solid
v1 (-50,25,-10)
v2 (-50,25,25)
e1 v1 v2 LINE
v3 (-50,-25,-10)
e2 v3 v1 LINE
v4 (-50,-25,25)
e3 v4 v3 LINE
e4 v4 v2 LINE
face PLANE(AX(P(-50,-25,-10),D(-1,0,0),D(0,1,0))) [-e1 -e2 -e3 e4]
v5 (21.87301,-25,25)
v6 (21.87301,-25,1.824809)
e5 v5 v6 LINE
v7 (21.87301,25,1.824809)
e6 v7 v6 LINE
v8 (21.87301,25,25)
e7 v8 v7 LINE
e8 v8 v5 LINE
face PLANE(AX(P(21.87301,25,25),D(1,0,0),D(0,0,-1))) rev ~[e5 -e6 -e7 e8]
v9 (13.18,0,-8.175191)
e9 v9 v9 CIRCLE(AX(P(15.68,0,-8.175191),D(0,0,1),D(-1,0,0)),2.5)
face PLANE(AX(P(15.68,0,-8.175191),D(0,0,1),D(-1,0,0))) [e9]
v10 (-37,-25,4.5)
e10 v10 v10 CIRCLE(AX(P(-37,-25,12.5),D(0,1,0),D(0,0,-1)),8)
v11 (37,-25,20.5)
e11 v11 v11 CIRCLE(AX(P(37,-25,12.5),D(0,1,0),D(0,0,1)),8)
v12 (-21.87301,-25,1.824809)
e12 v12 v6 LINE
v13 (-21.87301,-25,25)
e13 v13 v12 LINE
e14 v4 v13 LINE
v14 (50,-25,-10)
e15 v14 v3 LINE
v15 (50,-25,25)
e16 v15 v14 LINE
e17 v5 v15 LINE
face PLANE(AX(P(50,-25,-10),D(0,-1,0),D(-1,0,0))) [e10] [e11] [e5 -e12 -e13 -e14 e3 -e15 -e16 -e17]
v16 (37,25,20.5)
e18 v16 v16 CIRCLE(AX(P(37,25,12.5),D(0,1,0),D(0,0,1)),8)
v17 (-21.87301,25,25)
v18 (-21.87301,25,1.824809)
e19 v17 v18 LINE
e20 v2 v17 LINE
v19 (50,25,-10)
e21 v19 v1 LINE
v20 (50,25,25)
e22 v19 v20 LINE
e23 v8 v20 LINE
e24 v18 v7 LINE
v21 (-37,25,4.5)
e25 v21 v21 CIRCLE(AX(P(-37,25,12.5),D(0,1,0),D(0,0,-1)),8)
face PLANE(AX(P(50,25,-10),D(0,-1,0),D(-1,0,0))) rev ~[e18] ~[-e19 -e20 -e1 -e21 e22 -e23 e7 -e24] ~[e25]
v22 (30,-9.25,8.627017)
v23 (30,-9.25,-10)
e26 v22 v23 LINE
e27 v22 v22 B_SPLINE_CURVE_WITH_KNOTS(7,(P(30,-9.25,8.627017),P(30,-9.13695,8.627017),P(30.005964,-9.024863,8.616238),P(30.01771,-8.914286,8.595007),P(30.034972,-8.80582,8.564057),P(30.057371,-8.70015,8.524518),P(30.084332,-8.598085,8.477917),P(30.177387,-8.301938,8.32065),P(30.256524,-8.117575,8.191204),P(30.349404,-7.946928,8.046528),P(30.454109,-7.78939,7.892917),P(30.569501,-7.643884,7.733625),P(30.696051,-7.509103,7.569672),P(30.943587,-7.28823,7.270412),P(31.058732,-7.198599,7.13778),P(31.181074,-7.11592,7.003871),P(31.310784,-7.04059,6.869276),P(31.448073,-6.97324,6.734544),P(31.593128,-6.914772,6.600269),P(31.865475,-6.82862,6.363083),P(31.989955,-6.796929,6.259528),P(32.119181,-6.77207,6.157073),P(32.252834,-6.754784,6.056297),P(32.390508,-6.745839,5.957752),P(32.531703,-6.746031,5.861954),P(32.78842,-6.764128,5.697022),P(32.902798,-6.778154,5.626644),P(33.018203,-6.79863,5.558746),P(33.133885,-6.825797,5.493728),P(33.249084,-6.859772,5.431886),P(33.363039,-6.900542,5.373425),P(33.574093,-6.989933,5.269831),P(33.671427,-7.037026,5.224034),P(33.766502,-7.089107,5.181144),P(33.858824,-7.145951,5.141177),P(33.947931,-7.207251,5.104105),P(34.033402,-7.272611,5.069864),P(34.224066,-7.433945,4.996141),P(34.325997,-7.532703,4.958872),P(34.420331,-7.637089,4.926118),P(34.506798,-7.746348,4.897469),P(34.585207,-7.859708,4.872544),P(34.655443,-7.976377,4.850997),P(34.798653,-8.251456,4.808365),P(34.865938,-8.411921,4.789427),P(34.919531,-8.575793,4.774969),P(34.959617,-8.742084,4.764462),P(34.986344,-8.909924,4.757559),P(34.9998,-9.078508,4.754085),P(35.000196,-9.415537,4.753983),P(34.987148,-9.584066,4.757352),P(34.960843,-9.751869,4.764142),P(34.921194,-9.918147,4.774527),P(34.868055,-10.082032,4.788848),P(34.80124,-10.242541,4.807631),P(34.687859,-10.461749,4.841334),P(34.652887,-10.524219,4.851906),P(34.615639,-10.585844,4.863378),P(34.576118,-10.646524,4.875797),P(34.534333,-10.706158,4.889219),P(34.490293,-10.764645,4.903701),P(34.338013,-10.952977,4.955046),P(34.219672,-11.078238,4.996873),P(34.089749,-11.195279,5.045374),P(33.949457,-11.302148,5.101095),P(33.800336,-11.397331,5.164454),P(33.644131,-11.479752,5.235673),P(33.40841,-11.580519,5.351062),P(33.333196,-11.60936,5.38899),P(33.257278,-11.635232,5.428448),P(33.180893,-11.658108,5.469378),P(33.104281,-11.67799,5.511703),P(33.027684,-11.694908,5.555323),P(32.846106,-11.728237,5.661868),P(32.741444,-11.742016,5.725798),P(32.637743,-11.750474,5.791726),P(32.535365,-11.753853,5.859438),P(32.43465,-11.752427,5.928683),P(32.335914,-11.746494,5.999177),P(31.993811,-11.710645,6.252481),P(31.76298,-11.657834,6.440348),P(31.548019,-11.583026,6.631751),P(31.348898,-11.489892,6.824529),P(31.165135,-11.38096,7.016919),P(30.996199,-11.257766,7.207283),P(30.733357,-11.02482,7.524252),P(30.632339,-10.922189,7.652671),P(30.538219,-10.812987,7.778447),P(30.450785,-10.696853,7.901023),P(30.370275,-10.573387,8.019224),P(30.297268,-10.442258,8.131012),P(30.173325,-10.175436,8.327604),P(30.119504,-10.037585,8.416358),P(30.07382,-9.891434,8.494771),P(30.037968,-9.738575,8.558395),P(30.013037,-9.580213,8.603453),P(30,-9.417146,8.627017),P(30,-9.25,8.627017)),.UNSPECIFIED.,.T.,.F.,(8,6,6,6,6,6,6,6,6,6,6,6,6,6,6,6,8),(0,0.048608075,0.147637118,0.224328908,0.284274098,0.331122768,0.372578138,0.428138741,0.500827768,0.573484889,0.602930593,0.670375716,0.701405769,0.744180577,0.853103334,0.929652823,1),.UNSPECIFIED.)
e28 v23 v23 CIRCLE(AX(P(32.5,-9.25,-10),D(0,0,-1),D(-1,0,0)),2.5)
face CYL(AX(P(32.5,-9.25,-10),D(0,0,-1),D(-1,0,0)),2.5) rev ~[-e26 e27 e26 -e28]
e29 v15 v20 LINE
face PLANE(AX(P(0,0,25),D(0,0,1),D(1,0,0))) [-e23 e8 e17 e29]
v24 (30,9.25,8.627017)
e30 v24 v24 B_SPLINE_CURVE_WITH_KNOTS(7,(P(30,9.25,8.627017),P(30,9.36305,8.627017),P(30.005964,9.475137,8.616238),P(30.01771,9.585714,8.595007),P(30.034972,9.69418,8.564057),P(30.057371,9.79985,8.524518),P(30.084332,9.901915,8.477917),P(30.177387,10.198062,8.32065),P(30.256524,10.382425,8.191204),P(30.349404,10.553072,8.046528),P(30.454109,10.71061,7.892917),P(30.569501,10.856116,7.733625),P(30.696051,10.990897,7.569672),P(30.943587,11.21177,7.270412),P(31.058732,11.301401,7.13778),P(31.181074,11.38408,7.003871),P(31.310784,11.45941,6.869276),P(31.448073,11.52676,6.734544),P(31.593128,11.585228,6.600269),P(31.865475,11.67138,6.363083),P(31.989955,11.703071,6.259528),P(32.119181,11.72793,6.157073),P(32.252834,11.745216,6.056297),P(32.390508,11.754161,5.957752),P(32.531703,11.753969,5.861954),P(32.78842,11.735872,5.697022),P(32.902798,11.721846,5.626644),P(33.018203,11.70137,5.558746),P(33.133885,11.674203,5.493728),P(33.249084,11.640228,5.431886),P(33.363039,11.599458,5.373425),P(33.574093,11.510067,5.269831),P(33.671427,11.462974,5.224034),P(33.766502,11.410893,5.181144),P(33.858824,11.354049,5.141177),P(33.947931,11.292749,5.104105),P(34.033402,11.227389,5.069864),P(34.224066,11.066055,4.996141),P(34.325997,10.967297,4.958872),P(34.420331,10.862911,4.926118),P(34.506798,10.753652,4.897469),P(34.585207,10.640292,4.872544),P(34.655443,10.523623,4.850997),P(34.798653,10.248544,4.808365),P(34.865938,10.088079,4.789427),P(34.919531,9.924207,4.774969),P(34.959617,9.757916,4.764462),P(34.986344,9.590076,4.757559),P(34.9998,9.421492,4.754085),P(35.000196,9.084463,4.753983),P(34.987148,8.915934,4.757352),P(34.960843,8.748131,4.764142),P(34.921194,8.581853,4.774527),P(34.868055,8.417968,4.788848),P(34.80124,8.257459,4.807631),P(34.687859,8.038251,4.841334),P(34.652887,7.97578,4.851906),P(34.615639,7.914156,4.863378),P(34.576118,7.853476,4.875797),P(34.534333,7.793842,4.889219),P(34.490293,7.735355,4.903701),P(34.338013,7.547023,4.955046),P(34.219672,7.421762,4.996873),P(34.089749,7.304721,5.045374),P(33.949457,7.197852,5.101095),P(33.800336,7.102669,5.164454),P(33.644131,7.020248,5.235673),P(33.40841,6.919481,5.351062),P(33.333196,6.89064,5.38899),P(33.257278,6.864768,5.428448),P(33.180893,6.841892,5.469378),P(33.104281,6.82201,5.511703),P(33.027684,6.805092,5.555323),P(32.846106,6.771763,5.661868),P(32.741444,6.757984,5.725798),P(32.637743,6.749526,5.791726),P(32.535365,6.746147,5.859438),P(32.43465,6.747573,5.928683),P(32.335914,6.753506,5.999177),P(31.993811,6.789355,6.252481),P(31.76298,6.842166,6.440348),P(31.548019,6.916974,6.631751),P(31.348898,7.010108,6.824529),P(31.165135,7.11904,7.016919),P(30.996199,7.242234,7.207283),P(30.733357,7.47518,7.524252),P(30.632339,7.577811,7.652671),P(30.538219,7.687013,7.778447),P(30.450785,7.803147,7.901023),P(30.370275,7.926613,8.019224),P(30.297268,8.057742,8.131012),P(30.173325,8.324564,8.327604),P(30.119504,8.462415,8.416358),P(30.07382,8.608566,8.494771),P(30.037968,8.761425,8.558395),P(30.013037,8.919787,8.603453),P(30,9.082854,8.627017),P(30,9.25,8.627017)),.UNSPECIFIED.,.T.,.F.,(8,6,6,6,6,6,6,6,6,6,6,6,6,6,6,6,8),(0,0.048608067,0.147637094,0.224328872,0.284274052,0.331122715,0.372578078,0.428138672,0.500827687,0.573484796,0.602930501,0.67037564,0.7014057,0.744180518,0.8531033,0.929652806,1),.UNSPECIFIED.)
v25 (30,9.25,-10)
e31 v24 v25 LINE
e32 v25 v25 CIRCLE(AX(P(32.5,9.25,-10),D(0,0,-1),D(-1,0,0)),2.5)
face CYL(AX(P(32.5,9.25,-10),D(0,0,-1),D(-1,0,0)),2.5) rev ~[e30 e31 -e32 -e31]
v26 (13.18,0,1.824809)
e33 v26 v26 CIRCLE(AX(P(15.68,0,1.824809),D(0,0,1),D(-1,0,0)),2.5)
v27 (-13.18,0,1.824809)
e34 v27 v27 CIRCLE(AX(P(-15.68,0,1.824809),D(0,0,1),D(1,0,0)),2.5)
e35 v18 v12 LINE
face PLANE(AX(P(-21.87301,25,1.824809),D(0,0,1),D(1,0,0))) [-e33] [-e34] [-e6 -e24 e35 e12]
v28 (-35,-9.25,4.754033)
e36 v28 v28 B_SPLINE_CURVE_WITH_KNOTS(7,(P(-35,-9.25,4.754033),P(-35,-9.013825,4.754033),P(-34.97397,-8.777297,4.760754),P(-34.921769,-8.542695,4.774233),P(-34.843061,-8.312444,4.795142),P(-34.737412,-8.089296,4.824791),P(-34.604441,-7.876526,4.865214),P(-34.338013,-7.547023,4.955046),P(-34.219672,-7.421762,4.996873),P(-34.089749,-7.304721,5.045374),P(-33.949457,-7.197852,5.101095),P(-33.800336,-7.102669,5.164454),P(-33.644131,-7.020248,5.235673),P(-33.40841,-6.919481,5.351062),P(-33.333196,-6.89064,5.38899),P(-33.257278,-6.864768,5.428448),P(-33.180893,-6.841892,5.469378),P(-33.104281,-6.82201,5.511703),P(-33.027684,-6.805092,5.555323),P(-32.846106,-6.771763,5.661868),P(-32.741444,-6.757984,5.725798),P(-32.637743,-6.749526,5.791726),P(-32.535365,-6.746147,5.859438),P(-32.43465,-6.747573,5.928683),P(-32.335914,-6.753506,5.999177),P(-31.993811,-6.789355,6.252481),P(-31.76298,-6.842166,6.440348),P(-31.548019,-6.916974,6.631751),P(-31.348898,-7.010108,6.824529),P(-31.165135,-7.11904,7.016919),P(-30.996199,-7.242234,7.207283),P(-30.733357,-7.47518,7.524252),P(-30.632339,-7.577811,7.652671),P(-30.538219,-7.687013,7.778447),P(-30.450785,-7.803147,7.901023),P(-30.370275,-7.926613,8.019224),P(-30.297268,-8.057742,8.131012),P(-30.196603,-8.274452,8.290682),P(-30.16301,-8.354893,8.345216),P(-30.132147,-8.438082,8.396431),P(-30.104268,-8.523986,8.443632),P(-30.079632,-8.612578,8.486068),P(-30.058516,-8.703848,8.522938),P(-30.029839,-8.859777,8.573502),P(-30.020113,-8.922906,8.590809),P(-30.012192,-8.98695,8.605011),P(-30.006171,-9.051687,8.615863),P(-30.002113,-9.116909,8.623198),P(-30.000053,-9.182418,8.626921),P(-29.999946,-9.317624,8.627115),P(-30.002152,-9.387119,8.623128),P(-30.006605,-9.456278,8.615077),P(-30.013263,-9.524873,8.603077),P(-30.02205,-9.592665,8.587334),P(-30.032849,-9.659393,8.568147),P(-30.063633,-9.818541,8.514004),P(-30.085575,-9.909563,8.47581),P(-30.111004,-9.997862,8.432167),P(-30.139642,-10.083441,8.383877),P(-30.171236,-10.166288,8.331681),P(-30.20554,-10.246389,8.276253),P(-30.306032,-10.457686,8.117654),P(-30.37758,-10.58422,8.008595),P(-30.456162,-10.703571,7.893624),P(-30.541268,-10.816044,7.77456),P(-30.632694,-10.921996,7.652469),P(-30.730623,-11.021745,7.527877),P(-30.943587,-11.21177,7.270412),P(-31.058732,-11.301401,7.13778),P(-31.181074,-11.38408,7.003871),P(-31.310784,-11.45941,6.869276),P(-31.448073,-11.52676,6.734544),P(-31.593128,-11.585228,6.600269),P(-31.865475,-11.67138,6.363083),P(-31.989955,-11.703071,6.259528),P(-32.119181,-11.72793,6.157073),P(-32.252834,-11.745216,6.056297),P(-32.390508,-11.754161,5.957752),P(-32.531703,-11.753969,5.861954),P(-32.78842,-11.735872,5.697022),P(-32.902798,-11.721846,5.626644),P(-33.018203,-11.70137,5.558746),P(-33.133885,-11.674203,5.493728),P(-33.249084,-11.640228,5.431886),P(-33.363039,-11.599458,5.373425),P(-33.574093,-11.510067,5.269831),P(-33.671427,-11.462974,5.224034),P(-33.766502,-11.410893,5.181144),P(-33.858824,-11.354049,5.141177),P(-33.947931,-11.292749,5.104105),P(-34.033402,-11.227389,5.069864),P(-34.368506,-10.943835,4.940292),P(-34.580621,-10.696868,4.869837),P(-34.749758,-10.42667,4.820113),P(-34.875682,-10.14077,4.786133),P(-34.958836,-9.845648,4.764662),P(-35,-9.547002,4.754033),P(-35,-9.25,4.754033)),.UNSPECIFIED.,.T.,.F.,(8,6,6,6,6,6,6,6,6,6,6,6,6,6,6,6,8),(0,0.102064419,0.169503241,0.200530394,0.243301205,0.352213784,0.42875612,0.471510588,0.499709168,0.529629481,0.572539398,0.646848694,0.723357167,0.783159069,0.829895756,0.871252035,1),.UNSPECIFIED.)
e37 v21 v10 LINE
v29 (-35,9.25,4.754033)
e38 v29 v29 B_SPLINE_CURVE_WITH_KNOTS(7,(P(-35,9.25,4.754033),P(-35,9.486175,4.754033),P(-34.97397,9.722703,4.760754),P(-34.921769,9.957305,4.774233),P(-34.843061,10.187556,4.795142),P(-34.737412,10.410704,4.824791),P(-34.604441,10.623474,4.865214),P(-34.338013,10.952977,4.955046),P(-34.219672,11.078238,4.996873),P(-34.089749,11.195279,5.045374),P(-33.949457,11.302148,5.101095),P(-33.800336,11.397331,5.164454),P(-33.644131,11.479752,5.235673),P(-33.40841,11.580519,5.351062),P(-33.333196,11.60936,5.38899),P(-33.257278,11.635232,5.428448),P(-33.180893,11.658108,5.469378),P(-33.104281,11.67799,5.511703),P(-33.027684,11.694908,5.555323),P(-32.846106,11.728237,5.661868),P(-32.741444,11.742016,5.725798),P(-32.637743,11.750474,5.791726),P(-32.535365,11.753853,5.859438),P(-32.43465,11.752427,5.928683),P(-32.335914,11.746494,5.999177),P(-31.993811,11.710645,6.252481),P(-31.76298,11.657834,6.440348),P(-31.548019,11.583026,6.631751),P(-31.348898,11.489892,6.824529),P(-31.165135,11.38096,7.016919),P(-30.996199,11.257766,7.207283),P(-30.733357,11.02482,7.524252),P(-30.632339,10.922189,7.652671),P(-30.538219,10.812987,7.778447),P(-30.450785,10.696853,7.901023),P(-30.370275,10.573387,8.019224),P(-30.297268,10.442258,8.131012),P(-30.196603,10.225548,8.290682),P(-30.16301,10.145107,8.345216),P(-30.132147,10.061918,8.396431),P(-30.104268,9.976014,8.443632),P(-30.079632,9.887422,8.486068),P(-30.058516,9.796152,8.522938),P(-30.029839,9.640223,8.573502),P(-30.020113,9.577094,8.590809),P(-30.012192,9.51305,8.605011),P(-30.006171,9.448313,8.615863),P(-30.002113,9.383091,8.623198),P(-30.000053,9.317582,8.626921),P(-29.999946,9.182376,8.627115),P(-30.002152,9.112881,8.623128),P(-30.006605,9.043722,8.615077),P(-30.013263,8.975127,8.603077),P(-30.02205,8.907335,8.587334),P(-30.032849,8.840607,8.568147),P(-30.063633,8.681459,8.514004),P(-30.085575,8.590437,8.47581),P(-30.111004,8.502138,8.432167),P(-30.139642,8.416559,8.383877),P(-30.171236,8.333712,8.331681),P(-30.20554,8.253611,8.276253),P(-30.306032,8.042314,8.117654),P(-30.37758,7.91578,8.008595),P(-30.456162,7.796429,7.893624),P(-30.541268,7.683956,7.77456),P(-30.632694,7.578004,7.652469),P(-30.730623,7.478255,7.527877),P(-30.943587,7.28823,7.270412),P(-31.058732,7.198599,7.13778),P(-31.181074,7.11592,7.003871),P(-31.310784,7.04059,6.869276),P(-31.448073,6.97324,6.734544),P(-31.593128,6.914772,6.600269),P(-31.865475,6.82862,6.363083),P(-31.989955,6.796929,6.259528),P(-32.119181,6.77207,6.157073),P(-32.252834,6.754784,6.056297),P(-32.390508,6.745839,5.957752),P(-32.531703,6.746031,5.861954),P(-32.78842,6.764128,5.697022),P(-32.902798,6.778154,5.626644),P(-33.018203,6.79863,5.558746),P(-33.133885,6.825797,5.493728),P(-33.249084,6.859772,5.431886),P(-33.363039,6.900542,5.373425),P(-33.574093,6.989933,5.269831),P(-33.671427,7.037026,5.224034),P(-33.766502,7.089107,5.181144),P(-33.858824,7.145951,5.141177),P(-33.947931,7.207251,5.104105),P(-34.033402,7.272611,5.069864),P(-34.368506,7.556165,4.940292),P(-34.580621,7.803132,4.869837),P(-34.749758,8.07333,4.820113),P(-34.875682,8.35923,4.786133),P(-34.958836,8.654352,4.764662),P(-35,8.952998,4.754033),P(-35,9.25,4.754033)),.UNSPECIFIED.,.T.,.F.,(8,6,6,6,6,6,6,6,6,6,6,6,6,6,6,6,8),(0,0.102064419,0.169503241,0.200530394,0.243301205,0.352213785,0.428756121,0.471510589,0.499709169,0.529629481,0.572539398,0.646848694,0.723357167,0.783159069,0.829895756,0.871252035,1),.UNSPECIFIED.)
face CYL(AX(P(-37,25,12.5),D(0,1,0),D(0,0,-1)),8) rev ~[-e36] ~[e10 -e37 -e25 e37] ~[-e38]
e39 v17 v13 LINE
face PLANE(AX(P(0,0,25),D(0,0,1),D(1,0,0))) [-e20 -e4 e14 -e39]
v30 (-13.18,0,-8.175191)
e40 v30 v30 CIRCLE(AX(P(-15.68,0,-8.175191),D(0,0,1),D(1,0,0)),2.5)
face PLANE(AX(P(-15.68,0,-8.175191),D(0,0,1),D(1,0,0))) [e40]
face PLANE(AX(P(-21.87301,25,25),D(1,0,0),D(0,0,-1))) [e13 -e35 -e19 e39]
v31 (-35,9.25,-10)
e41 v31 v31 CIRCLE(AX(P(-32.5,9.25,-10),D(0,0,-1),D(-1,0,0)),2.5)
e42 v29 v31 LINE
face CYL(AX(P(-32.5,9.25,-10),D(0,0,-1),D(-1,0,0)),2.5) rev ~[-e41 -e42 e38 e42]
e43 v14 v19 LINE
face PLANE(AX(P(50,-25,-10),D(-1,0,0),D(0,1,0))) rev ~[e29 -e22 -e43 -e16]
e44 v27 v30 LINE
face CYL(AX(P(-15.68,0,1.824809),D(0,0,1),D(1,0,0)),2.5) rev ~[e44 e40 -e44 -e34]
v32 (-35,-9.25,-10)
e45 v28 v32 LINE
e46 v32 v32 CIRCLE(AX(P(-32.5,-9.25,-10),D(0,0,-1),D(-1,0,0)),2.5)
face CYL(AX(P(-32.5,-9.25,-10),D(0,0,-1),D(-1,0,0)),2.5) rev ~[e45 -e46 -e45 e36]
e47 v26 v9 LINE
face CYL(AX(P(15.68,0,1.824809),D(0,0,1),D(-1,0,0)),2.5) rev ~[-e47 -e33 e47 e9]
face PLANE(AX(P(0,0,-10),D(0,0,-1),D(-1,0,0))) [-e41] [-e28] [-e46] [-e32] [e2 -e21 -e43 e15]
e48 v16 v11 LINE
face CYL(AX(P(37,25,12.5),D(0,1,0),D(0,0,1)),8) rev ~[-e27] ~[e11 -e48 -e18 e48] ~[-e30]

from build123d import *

# Parameters (mm, degrees)
SKETCH3_W           = 100
SKETCH3_H           = 50
BOSS_EXTRUDE1_DEPTH = 25
SKETCH5_R           = 8
SKETCH5_W           = 43.746020772
SKETCH5_H           = 23.175190528
CUT_EXTRUDE1_DEPTH  = 76
SKETCH7_R           = 2.5
CUT_EXTRUDE4_DEPTH  = 10
BOSS_EXTRUDE2_START = 10
SKETCH8_W           = 100
SKETCH8_H           = 50
SKETCH8_R           = 2.5
BOSS_EXTRUDE2_DEPTH = 10
SKETCH9_R           = 2.5
CUT_EXTRUDE5_DEPTH  = 10


with BuildPart() as part:
    # Sketch3 → Boss-Extrude1 (new body)
    with BuildSketch(Plane.XY):
        Rectangle(SKETCH3_W, SKETCH3_H)
    extrude(amount=BOSS_EXTRUDE1_DEPTH)

    # Sketch5 → Cut-Extrude1 (cut, through all)
    with BuildSketch(Plane(origin=(0, 25, 0), x_dir=(1, 0, 0), z_dir=(0, 1, 0))):
        with Locations(Location((37, -12.5, 0), (0, 0, 270))):
            Circle(SKETCH5_R)
        with Locations(Location((-37, -12.5, 0), (0, 0, 90))):
            Circle(SKETCH5_R)
        with Locations((0, -13.412404736)):
            Rectangle(SKETCH5_W, SKETCH5_H)
    extrude(amount=-CUT_EXTRUDE1_DEPTH, mode=Mode.SUBTRACT)

    # Sketch7 → Cut-Extrude4 (cut)
    with BuildSketch(Plane(origin=(0, 0, 0), x_dir=(-1, 0, 0), z_dir=(0, 0, -1))):
        with Locations((32.5, 9.25)):
            Circle(SKETCH7_R)
        with Locations((32.5, -9.25)):
            Circle(SKETCH7_R)
        with Locations((-32.5, -9.25)):
            Circle(SKETCH7_R)
        with Locations((-32.5, 9.25)):
            Circle(SKETCH7_R)
    extrude(amount=-CUT_EXTRUDE4_DEPTH, mode=Mode.SUBTRACT)

    # Sketch8 → Boss-Extrude2 (add)
    with BuildSketch(Plane(origin=(0, 0, 0), x_dir=(-1, 0, 0), z_dir=(0, 0, -1)).offset(BOSS_EXTRUDE2_START)):
        Rectangle(SKETCH8_W, SKETCH8_H)
        with Locations((-32.5, 9.25)):
            Circle(SKETCH8_R, mode=Mode.SUBTRACT)
        with Locations((-32.5, -9.25)):
            Circle(SKETCH8_R, mode=Mode.SUBTRACT)
        with Locations((32.5, -9.25)):
            Circle(SKETCH8_R, mode=Mode.SUBTRACT)
        with Locations((32.5, 9.25)):
            Circle(SKETCH8_R, mode=Mode.SUBTRACT)
    extrude(amount=-BOSS_EXTRUDE2_DEPTH)

    # Sketch9 → Cut-Extrude5 (cut)
    with BuildSketch(Plane.XY.offset(1.824809472)):
        with Locations((-15.68, 0)):
            Circle(SKETCH9_R)
        with Locations(Location((15.68, 0, 0), (0, 0, 180))):
            Circle(SKETCH9_R)
    extrude(amount=-CUT_EXTRUDE5_DEPTH, mode=Mode.SUBTRACT)


solid = part.part
